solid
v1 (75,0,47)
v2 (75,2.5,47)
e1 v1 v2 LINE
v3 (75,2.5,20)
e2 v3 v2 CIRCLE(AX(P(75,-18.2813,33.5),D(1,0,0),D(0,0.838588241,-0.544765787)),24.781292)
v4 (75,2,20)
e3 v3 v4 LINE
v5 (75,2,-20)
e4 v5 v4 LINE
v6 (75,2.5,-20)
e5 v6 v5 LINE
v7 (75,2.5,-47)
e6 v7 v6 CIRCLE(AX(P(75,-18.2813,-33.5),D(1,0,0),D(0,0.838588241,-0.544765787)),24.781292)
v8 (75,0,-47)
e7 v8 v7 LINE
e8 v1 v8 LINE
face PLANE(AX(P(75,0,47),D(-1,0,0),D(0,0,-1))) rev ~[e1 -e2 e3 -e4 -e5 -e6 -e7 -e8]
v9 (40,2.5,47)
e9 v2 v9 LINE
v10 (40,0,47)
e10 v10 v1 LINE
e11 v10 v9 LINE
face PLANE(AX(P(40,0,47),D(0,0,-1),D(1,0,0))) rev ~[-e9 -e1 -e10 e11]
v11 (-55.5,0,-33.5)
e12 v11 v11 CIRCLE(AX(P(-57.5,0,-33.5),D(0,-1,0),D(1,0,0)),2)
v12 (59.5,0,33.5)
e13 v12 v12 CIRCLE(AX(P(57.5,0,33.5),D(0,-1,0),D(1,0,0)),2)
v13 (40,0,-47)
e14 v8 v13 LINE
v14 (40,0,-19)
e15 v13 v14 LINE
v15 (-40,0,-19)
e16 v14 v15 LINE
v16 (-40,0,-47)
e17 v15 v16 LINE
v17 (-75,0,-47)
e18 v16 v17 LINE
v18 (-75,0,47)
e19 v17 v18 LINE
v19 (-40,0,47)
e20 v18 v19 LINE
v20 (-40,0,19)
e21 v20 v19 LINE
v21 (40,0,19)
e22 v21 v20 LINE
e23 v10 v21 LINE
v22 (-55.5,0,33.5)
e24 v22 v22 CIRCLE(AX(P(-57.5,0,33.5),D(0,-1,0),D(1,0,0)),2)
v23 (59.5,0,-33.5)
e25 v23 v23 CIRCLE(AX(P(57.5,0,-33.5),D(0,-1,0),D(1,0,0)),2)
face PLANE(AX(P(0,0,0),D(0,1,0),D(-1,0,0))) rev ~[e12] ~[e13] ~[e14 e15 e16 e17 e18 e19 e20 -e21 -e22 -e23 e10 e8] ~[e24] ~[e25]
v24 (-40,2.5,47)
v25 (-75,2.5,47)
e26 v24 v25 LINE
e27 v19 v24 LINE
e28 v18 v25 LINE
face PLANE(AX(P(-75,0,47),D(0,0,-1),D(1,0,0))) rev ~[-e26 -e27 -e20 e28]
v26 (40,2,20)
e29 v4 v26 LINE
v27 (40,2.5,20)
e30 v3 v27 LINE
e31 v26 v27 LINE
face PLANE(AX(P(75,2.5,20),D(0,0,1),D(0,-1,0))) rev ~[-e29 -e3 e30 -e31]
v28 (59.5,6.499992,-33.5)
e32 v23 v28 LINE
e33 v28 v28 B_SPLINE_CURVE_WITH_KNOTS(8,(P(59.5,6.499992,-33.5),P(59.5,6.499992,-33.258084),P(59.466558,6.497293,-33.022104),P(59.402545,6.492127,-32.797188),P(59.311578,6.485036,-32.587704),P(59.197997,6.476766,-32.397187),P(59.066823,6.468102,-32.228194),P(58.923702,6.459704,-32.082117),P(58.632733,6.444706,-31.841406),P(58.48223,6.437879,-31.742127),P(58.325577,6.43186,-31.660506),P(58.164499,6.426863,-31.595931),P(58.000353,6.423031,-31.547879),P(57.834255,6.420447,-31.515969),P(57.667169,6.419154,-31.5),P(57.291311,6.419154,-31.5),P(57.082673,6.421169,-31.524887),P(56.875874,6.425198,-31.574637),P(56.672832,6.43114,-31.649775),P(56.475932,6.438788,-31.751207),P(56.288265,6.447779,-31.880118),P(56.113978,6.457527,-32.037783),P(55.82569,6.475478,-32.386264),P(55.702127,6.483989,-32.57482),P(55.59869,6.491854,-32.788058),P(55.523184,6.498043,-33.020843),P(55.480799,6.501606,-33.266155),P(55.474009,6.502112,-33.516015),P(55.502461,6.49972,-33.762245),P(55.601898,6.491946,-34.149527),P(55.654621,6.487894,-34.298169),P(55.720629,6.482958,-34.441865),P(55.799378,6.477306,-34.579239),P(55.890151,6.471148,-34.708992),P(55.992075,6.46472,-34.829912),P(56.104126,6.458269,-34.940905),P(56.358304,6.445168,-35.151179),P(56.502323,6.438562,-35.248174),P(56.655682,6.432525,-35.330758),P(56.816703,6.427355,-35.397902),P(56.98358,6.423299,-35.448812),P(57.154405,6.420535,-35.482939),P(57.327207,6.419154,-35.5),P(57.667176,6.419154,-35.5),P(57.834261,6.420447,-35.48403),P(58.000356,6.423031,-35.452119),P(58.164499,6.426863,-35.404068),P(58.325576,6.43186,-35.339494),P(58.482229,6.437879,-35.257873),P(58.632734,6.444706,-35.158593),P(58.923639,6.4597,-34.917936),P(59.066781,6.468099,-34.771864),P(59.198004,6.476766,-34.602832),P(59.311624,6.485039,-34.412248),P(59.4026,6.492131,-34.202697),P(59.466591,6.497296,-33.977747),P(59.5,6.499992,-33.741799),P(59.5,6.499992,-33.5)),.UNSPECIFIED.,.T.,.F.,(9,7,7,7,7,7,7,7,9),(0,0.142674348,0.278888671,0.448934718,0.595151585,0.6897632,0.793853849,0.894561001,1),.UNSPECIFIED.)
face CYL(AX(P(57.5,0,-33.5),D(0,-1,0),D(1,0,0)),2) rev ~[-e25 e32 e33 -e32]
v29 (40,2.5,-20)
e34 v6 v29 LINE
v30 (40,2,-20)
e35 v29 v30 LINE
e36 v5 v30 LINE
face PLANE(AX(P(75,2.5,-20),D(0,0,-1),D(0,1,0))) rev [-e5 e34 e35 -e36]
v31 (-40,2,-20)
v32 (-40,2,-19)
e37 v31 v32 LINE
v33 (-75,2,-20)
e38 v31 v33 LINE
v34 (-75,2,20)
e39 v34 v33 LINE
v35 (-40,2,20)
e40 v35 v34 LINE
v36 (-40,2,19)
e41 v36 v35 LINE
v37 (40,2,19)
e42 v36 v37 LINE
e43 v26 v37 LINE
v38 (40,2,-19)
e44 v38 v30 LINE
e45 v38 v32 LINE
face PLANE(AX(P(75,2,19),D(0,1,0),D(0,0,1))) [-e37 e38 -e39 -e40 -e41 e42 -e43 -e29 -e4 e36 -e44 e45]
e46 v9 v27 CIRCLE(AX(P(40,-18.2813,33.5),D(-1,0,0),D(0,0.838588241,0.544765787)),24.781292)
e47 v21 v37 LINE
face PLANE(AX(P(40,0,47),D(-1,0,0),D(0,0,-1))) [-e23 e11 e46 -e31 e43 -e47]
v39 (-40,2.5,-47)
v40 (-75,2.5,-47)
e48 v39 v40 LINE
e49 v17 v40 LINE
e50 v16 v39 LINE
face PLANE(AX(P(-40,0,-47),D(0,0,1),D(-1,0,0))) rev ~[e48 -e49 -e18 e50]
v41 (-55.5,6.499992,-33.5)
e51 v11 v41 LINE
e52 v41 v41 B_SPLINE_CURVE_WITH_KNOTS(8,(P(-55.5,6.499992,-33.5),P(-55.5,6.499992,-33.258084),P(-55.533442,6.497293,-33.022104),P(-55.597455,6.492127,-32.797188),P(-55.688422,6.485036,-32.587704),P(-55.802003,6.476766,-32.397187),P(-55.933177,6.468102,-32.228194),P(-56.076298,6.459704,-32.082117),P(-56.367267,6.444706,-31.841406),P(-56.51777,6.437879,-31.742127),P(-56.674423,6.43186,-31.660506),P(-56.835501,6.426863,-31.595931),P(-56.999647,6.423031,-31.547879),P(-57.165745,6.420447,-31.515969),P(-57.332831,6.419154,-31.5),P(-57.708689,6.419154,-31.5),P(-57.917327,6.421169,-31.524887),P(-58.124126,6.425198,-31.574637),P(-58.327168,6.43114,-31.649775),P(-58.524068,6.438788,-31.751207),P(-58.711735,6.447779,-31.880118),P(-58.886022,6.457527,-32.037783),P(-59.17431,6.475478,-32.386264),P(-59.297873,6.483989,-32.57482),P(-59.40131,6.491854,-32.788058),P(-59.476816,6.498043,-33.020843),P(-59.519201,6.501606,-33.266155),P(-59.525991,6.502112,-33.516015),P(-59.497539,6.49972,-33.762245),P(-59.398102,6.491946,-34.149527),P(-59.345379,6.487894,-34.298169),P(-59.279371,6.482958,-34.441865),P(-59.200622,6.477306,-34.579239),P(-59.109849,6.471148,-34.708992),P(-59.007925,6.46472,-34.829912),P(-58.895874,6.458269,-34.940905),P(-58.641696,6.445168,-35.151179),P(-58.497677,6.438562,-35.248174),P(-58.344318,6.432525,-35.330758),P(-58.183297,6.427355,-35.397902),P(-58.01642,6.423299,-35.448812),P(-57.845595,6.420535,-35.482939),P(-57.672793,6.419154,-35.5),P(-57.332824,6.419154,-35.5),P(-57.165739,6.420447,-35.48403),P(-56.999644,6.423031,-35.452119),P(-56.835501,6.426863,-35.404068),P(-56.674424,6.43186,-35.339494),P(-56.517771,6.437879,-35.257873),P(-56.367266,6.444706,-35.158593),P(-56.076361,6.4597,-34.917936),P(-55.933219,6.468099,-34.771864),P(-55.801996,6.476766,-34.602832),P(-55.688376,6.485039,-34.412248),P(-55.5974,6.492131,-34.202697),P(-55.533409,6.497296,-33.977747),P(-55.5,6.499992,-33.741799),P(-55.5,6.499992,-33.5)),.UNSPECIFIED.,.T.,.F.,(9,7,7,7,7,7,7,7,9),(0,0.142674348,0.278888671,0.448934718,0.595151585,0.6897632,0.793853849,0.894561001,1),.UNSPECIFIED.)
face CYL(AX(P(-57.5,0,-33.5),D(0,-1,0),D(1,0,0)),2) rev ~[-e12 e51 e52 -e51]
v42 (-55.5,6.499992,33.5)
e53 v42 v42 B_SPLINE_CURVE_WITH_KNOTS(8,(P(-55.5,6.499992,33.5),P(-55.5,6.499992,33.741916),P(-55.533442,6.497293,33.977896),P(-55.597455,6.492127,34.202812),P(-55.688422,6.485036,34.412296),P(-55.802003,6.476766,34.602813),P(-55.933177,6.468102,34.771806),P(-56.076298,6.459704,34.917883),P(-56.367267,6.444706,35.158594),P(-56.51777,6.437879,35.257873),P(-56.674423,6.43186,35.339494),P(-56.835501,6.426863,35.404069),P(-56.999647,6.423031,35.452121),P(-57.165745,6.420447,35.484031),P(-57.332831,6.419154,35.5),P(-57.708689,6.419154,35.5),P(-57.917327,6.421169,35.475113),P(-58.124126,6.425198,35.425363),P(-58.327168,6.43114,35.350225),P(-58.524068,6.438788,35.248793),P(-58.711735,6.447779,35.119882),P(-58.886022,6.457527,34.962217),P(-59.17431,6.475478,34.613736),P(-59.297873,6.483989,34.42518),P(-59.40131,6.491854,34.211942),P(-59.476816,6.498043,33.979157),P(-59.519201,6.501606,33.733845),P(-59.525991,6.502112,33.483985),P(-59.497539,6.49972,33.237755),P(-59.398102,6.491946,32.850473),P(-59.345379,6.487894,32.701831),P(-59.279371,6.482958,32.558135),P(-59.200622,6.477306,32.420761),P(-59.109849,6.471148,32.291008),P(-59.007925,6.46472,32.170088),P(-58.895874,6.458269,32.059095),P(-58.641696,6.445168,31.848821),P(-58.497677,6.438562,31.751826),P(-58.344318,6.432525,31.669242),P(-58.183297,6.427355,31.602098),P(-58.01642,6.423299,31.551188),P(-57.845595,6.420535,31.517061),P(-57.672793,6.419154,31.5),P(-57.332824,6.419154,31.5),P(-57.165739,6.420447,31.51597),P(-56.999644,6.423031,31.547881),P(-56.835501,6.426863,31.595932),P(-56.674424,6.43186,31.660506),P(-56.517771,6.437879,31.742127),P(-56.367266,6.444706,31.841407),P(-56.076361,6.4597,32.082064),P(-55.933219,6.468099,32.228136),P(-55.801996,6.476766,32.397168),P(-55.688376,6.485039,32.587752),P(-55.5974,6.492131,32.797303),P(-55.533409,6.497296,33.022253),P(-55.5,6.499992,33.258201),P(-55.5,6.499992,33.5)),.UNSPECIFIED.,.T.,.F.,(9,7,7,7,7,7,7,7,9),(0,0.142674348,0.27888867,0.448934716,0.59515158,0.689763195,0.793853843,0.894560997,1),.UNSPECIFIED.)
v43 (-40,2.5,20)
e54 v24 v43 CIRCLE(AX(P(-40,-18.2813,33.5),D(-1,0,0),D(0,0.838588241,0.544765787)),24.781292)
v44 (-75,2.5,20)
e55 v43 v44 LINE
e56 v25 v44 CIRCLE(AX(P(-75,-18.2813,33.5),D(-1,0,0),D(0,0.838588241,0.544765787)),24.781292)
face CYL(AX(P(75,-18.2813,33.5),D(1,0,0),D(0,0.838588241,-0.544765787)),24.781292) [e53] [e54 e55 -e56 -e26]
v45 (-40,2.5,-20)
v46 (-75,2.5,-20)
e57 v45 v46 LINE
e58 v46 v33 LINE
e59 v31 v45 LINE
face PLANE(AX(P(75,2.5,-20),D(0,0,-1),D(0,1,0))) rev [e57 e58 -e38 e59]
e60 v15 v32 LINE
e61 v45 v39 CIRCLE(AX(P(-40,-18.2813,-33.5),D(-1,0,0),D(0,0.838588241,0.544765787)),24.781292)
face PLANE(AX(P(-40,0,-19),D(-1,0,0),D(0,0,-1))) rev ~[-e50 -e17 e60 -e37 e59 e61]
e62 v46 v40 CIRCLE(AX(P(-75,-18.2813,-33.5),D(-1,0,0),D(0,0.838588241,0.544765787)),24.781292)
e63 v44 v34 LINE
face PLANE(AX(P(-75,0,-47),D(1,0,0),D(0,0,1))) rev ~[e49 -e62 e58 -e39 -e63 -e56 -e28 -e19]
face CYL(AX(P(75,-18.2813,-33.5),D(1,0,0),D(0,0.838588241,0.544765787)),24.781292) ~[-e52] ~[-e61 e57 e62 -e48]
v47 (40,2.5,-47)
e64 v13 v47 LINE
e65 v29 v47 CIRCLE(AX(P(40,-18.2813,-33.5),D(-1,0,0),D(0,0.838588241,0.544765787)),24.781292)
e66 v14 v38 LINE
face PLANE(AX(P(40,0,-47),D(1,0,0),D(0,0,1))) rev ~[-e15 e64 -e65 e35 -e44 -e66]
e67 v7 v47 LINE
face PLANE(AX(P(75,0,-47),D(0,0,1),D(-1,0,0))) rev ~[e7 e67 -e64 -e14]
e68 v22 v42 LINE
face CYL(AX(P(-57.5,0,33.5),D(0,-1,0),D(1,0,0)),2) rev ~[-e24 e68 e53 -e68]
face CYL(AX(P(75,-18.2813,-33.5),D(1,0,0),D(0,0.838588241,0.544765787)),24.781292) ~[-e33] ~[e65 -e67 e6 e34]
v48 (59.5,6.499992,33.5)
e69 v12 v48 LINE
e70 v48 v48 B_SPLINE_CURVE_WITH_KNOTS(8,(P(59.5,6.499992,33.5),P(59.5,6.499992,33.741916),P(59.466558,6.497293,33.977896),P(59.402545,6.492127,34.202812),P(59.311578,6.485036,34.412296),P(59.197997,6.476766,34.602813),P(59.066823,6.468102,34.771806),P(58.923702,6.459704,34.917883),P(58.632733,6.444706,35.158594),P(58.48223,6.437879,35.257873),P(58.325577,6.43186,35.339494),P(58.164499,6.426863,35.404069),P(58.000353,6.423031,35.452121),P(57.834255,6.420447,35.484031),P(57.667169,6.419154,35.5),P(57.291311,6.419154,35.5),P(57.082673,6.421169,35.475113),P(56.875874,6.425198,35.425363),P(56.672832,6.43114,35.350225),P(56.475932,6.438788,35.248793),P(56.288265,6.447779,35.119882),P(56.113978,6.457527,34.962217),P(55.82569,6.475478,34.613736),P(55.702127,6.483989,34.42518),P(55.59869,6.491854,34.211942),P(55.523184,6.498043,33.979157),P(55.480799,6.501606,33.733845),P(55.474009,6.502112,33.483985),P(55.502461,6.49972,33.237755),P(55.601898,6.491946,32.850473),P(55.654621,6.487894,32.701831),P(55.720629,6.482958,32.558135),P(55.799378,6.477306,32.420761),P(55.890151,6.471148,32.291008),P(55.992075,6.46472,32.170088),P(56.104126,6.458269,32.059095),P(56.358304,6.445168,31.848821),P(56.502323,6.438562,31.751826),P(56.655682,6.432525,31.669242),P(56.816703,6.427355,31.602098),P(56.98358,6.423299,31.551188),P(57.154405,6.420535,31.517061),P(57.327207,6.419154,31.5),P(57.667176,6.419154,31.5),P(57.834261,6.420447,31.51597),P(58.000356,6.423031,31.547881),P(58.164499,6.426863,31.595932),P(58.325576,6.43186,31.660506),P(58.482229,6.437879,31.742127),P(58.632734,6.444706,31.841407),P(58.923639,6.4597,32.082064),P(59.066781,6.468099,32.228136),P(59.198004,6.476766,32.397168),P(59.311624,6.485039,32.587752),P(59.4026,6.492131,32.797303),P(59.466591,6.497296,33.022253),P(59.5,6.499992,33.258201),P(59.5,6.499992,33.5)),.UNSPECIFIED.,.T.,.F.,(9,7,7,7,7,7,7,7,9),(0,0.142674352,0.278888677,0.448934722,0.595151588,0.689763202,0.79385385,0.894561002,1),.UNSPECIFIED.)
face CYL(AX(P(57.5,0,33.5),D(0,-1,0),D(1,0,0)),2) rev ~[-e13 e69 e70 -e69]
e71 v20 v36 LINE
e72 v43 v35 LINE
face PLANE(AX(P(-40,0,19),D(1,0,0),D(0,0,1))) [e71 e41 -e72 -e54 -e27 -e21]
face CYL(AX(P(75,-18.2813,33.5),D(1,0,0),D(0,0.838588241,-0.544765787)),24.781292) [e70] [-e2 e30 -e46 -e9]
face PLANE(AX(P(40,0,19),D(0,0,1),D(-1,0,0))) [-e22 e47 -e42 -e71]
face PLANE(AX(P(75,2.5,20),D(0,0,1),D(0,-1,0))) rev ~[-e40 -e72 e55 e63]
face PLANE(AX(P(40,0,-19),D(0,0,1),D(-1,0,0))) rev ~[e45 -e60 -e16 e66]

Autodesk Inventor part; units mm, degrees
ref_plane "YZ Plane" through (0, 0, 0) normal (1, 0, 0) x (0, 1, 0)
ref_plane "XZ Plane" through (0, 0, 0) normal (0, 1, 0) x (-1, 0, 0)
ref_plane "XY Plane" through (0, 0, 0) normal (0, 0, 1) x (1, 0, 0)
sketch "Main Base Sketch" plane through (0, 0, 0) normal (0, 1, 0) x (-1, 0, 0)
  line L0 (75, -47) -> (75, 47)
  line L1 (-75, 47) -> (-75, -47)
  line L2 (-75, -47) -> (75, 47) construction
  line L3 (75, -47) -> (-75, 47) construction
  line L4 (-40, -47) -> (-40, -19)
  line L5 (-40, -19) -> (40, -19)
  line L6 (40, -19) -> (40, -47)
  line L7 (40, 19) -> (40, 47)
  line L8 (-40, 19) -> (40, 19)
  line L9 (-40, 47) -> (-40, 19)
  line L10 (75, 47) -> (40, 47)
  line L11 (-40, 47) -> (-75, 47)
  line L12 (-75, -47) -> (-40, -47)
  line L13 (40, -47) -> (75, -47)
  point P0 (0, 0)
  point P1 (0, 0)
  dimension "d0" = 94
  dimension "d1" = 35
  dimension "d2" = 35
  dimension "d3" = 80
  dimension "d4" = 150
  dimension "d5" = 28
  dimension "d6" = 94
  dimension "d8" = 80
  dimension "d9" = 28
  dimension "d27" = 28
  dimension "d28" = 38
  dimension "d37" = 0
extrude "Main Base Extrusion" add sketch "Main Base Sketch" along normal blind 6.5
sketch "Middle Cut Sketch" plane through (0, 6.5, 0) normal (0, 1, 0) x (1, 0, 0)
  line L0 (-75, 47) -> (-75, -47) projected
  line L1 (75, 19) -> (-75, 19)
  line L2 (-75, 19) -> (-75, -19)
  line L3 (-75, -19) -> (75, -19)
  line L4 (75, -19) -> (75, 19)
  line L5 (-40, -19) -> (40, -19) projected
  line L6 (75, -47) -> (75, 47) projected
  line L7 (40, 19) -> (-40, 19) projected
  point P0 (0, 0)
  dimension "d18" = 0
  dimension "d19" = 0
  dimension "d34" = 0
extrude "Middle Cut" cut sketch "Middle Cut Sketch" against normal blind 4.5
sketch "Arc Sketch" plane through (75, 0, 47) normal (1, 0, 0) x (0, 0, -1)
  line L0 (27, 9.9354) -> (27, -5.8008)
  line L1 (13.5, 9.3022) -> (13.5, -9.2521)
  line L2 (-4.6363, 2.5) -> (37.5698, 2.5)
  line L3 (94, 0) -> (0, 0) construction
  arc A0 (27, 2.5) -> (0, 2.5) centre (13.5, -18.2813) ccw
  line L4 (0, 8.4962) -> (0, -1.4448)
  line L5 (0, 0) -> (0, 6.5) projected
  line L6 (0, 6.5) -> (0, 2.5)
  line L7 (28, 6.5) -> (0, 6.5) projected
  line L8 (0, 6.5) -> (28, 6.5)
  line L9 (28, 2) -> (28, 6.5) projected
  line L10 (28, 6.5) -> (28, 2)
  line L11 (94, 0) -> (94, 6.5) projected
  line L12 (0, 6.5) -> (28, 6.5) projected
  line L13 (28, 2) -> (28, 6.5)
  line L14 (66, 2) -> (28, 2) projected
  line L15 (28, 2) -> (27, 2)
  line L16 (27, 2.5) -> (27, 2)
  dimension "d25" = 13.5
  dimension "d26" = 2.5
  dimension "d29" = 13.5
  dimension "d30" = 27
  dimension "d45" = 6.5
extrude "Arc Cut" cut sketch "Arc Sketch" against normal through all contours L2 L9 L15 L0 | A0 L7 L0 | L0 L7 L9 L2 | A0 L4 L7
mirror "Arc Mirror" about plane through (0, 0, 0) normal (0, 0, 1) of "Arc Cut"
sketch "Arc Holes Sketch" plane through (0, 0, 0) normal (0, -1, 0) x (1, 0, 0)
  circle A0 centre (57.5, 33.5) radius 2
  line L0 (75, -47) -> (75, 47) projected
  line L1 (40, 47) -> (40, 19) projected
  line L2 (40, 19) -> (-40, 19) projected
  line L3 (75, 47) -> (40, 47) projected
  line L4 (104.495, 0) -> (-129.4816, 0)
  line L5 (0, -57.7002) -> (0, 85.929)
  circle A1 centre (57.5, -33.5) radius 2
  circle A2 centre (-57.5, 33.5) radius 2
  circle A3 centre (-57.5, -33.5) radius 2
  point P0 (0, 0)
  dimension "d38" = 4
  dimension "d39" = 17.5
  dimension "d40" = 17.5
  dimension "d41" = 14.5
  dimension "d42" = 13.5
extrude "Arc Holes Cut" cut sketch "Arc Holes Sketch" against normal through all contours A0 | A1 | A2 | A3
properties part number "TapeMeasureBracketTop"
